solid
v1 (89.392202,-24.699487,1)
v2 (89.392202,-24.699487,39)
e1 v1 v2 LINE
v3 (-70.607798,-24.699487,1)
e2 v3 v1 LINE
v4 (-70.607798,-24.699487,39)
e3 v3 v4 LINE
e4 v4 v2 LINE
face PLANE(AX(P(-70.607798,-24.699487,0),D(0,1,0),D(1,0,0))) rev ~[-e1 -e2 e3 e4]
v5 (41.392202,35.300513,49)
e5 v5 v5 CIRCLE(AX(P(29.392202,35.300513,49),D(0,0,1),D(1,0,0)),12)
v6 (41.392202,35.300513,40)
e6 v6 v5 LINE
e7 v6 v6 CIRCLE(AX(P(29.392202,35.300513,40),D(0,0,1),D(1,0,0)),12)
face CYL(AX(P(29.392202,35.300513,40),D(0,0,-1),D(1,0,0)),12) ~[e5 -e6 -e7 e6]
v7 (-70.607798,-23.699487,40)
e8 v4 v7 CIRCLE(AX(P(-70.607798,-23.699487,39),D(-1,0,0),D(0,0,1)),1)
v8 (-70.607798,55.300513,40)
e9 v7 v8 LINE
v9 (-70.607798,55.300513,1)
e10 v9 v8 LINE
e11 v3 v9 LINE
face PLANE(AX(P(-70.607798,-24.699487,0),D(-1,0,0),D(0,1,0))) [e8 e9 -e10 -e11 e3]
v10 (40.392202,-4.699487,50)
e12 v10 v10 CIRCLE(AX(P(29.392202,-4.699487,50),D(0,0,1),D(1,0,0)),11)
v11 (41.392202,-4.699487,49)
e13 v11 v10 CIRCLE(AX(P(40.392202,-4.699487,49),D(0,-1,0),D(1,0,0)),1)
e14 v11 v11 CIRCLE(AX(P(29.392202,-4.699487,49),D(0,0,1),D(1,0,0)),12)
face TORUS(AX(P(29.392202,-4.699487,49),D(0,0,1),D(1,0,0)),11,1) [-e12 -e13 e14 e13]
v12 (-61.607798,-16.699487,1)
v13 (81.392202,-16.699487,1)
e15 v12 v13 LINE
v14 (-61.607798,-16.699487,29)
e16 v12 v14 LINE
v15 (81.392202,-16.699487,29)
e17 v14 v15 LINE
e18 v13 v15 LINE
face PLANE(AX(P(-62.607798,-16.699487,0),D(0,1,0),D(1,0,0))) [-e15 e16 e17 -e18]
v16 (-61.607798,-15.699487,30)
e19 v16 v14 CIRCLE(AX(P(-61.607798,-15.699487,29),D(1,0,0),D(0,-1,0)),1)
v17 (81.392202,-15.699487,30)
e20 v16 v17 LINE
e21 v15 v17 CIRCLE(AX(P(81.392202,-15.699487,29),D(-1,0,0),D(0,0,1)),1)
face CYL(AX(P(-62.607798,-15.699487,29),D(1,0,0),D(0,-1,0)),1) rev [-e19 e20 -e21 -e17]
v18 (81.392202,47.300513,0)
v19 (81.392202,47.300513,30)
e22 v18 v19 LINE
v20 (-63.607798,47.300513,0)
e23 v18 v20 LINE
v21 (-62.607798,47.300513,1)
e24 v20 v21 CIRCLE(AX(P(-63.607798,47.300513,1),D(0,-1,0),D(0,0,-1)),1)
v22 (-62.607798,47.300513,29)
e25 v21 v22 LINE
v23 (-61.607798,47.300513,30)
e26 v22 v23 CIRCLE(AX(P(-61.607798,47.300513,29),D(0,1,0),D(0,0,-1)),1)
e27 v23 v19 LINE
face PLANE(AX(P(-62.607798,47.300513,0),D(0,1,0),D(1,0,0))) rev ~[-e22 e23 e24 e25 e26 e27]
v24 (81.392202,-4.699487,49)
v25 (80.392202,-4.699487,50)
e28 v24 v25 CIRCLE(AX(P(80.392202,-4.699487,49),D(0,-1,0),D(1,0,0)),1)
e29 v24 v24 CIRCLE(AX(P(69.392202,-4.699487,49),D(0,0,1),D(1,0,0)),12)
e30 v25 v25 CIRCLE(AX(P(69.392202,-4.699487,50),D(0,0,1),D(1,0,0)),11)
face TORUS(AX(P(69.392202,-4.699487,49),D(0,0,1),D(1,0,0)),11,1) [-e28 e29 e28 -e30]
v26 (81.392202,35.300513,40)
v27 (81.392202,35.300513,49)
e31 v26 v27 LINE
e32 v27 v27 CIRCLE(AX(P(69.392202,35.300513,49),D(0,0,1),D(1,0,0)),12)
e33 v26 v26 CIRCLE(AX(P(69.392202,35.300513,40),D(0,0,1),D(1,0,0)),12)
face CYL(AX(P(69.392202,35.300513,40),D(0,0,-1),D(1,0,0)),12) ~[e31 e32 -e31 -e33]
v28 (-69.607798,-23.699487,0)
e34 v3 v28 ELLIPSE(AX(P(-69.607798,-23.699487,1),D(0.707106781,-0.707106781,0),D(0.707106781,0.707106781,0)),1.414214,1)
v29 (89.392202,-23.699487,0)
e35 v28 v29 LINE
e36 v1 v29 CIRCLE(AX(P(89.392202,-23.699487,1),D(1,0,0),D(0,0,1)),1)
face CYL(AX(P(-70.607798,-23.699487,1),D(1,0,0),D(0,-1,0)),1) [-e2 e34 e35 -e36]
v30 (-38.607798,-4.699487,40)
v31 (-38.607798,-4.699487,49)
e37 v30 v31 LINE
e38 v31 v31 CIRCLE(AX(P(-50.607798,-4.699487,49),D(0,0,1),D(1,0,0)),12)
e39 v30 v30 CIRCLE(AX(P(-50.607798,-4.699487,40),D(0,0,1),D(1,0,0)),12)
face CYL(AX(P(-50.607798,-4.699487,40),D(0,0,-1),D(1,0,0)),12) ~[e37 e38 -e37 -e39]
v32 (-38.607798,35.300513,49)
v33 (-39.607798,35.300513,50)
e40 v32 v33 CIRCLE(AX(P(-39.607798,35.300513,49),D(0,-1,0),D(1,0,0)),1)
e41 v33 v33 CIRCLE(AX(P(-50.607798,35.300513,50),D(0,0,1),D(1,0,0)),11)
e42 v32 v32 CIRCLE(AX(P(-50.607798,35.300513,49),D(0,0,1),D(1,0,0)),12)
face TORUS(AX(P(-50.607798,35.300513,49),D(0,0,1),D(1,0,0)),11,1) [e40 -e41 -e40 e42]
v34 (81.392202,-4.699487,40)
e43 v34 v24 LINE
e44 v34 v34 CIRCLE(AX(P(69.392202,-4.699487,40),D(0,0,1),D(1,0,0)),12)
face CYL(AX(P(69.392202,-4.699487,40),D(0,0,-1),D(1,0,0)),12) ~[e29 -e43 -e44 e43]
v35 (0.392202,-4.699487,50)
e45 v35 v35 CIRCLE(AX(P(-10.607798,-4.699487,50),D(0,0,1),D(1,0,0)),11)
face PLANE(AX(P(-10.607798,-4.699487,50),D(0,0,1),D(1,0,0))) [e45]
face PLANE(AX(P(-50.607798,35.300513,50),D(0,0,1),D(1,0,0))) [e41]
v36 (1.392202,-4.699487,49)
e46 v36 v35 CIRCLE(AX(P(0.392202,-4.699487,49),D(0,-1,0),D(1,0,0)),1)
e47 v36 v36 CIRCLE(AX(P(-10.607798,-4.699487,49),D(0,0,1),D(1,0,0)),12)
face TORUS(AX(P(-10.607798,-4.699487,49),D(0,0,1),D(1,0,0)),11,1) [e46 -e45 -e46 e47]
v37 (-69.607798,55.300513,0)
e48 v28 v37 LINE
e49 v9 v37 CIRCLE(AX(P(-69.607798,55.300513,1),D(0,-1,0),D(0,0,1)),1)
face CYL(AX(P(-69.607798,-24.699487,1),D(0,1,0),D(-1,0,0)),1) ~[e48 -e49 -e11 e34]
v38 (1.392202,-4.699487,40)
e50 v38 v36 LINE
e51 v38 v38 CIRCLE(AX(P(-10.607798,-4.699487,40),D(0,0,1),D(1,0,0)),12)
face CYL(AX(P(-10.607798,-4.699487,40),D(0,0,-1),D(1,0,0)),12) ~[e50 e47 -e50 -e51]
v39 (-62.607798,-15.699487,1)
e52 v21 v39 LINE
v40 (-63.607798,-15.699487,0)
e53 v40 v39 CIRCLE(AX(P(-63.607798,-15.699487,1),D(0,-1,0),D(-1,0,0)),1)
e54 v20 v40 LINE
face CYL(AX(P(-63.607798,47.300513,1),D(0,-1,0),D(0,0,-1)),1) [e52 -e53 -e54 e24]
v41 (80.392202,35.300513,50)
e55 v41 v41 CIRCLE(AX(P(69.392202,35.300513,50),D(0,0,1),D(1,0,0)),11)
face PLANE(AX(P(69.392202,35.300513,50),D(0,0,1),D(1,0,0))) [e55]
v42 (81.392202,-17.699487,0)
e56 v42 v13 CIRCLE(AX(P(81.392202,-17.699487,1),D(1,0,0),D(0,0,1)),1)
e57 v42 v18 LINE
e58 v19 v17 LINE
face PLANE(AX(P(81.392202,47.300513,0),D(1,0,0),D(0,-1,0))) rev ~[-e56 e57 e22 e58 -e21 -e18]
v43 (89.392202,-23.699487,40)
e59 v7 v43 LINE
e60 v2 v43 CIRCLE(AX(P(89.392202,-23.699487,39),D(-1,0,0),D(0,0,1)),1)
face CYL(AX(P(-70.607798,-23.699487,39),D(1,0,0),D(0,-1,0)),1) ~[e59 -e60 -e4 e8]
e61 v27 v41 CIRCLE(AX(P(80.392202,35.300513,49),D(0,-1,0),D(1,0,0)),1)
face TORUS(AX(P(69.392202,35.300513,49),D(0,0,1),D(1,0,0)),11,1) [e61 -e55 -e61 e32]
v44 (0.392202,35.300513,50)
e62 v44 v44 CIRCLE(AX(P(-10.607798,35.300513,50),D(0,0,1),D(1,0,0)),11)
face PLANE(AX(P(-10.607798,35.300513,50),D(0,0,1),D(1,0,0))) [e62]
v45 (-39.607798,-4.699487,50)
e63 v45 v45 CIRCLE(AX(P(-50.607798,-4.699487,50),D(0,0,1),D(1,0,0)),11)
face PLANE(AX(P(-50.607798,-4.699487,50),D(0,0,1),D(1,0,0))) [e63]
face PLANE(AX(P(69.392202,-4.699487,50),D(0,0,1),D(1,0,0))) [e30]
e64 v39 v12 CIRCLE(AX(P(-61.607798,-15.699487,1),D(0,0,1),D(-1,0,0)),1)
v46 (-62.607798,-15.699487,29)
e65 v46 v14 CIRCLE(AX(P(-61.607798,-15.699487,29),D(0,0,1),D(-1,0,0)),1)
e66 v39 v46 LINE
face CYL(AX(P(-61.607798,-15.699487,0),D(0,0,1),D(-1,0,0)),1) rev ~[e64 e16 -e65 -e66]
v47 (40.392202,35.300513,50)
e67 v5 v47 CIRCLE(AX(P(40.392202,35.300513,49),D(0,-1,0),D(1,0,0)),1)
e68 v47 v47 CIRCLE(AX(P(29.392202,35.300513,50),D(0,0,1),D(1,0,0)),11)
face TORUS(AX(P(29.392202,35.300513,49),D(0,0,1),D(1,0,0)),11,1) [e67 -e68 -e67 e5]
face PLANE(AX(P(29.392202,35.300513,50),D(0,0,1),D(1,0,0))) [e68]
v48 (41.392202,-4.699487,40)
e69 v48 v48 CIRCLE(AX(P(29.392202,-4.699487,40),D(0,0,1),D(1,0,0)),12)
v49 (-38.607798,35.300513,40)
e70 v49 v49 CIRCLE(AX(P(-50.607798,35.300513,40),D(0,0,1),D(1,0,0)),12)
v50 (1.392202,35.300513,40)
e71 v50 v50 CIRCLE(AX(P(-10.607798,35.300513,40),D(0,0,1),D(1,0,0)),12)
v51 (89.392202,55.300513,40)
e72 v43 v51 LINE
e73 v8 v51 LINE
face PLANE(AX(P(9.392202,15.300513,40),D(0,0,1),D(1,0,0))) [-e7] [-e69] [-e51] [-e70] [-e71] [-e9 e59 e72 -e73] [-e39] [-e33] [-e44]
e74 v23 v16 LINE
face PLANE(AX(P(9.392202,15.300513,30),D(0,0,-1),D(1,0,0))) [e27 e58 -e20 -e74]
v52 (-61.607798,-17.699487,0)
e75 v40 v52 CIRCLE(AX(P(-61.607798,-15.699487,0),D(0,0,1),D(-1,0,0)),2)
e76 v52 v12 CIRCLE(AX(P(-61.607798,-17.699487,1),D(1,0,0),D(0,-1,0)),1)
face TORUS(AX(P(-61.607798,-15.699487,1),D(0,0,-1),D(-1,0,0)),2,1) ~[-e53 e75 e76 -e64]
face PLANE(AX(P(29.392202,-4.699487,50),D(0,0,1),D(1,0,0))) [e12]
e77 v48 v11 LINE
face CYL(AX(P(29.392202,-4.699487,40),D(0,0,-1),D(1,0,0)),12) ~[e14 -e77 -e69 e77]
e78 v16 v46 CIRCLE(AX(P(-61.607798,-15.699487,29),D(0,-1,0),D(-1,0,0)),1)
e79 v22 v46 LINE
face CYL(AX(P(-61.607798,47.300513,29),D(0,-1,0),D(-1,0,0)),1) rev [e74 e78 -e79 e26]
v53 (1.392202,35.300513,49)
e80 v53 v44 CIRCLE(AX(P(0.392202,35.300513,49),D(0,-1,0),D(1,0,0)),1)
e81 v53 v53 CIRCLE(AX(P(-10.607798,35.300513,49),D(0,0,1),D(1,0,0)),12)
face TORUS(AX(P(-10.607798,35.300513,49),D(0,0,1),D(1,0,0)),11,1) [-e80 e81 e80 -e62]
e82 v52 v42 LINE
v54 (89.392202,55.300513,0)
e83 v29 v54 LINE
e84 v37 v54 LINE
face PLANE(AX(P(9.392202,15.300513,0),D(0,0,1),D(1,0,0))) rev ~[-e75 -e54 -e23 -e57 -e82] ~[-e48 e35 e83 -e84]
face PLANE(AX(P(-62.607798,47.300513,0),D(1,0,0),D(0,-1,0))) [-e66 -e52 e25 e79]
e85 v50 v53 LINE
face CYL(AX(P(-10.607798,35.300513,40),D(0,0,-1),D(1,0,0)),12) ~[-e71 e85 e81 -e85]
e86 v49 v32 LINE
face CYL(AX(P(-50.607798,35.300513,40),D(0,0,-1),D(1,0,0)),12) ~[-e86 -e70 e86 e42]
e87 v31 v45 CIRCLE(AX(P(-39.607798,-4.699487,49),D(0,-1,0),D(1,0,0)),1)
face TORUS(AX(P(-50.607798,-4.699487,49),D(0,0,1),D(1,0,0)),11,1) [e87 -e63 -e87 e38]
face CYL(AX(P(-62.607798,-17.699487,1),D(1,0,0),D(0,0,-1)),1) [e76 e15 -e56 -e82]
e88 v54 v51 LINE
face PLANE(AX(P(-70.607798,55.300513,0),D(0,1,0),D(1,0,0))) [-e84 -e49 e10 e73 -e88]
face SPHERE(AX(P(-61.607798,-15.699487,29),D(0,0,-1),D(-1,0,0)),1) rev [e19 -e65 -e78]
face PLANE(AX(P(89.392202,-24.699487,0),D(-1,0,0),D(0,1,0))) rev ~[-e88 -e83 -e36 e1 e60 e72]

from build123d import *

# Parameters (mm, degrees)
F0_W     = 160
F0_H     = 80
F1_DEPTH = 40
F2_W     = 144
F2_H     = 64
F3_DEPTH = 30
F4_R     = 12
F5_DEPTH = 10
F6_R     = 1


with BuildPart() as f1:
    # F0 (on Top) → F1 (new body)
    with BuildSketch(Plane.XY):
        with Locations((9.3922019005, 15.3005129505)):
            Rectangle(F0_W, F0_H)
    extrude(amount=F1_DEPTH)

    # F2 (on face) → F3 (cut)
    with BuildSketch(Plane(origin=(0, 0, 0), x_dir=(1, 0, 0), z_dir=(0, 0, -1))):
        with Locations((9.3922019005, -15.3005129505)):
            Rectangle(F2_W, F2_H)
    extrude(amount=-F3_DEPTH, mode=Mode.SUBTRACT)

    # F4 (on face) → F5 (join)
    with BuildSketch(Plane.XY.offset(40)):
        with Locations((-50.6077980995, 35.3005129505)):
            Circle(F4_R)
        with Locations((-50.6077980995, -4.6994870495)):
            Circle(F4_R)
        with Locations((-10.6077980995, 35.3005129505)):
            Circle(F4_R)
        with Locations((-10.6077980995, -4.6994870495)):
            Circle(F4_R)
        with Locations((29.3922019005, 35.3005129505)):
            Circle(F4_R)
        with Locations((29.3922019005, -4.6994870495)):
            Circle(F4_R)
        with Locations((69.3922019005, 35.3005129505)):
            Circle(F4_R)
        with Locations((69.3922019005, -4.6994870495)):
            Circle(F4_R)
    extrude(amount=F5_DEPTH)

    # F6
    f6_edges = [f1.edges().sort_by_distance(p)[0] for p in [
        (-62.607798, -4.699487, 50),
        (-62.607798, 35.300513, 50),
        (-22.607798, 35.300513, 50),
        (-22.607798, -4.699487, 50),
        (9.392202, -24.699487, 0),
        (9.392202, -24.699487, 40),
        (-62.607798, -16.699487, 15),
        (-62.607798, 15.300513, 30),
        (9.392202, -16.699487, 30),
        (-70.607798, 15.300513, 0),
        (-62.607798, 15.300513, 0),
        (9.392202, -16.699487, 0),
        (17.392202, -4.699487, 50),
        (57.392202, -4.699487, 50),
        (57.392202, 35.300513, 50),
        (17.392202, 35.300513, 50),
    ]]
    fillet(f6_edges, radius=F6_R)


solid = f1.part
